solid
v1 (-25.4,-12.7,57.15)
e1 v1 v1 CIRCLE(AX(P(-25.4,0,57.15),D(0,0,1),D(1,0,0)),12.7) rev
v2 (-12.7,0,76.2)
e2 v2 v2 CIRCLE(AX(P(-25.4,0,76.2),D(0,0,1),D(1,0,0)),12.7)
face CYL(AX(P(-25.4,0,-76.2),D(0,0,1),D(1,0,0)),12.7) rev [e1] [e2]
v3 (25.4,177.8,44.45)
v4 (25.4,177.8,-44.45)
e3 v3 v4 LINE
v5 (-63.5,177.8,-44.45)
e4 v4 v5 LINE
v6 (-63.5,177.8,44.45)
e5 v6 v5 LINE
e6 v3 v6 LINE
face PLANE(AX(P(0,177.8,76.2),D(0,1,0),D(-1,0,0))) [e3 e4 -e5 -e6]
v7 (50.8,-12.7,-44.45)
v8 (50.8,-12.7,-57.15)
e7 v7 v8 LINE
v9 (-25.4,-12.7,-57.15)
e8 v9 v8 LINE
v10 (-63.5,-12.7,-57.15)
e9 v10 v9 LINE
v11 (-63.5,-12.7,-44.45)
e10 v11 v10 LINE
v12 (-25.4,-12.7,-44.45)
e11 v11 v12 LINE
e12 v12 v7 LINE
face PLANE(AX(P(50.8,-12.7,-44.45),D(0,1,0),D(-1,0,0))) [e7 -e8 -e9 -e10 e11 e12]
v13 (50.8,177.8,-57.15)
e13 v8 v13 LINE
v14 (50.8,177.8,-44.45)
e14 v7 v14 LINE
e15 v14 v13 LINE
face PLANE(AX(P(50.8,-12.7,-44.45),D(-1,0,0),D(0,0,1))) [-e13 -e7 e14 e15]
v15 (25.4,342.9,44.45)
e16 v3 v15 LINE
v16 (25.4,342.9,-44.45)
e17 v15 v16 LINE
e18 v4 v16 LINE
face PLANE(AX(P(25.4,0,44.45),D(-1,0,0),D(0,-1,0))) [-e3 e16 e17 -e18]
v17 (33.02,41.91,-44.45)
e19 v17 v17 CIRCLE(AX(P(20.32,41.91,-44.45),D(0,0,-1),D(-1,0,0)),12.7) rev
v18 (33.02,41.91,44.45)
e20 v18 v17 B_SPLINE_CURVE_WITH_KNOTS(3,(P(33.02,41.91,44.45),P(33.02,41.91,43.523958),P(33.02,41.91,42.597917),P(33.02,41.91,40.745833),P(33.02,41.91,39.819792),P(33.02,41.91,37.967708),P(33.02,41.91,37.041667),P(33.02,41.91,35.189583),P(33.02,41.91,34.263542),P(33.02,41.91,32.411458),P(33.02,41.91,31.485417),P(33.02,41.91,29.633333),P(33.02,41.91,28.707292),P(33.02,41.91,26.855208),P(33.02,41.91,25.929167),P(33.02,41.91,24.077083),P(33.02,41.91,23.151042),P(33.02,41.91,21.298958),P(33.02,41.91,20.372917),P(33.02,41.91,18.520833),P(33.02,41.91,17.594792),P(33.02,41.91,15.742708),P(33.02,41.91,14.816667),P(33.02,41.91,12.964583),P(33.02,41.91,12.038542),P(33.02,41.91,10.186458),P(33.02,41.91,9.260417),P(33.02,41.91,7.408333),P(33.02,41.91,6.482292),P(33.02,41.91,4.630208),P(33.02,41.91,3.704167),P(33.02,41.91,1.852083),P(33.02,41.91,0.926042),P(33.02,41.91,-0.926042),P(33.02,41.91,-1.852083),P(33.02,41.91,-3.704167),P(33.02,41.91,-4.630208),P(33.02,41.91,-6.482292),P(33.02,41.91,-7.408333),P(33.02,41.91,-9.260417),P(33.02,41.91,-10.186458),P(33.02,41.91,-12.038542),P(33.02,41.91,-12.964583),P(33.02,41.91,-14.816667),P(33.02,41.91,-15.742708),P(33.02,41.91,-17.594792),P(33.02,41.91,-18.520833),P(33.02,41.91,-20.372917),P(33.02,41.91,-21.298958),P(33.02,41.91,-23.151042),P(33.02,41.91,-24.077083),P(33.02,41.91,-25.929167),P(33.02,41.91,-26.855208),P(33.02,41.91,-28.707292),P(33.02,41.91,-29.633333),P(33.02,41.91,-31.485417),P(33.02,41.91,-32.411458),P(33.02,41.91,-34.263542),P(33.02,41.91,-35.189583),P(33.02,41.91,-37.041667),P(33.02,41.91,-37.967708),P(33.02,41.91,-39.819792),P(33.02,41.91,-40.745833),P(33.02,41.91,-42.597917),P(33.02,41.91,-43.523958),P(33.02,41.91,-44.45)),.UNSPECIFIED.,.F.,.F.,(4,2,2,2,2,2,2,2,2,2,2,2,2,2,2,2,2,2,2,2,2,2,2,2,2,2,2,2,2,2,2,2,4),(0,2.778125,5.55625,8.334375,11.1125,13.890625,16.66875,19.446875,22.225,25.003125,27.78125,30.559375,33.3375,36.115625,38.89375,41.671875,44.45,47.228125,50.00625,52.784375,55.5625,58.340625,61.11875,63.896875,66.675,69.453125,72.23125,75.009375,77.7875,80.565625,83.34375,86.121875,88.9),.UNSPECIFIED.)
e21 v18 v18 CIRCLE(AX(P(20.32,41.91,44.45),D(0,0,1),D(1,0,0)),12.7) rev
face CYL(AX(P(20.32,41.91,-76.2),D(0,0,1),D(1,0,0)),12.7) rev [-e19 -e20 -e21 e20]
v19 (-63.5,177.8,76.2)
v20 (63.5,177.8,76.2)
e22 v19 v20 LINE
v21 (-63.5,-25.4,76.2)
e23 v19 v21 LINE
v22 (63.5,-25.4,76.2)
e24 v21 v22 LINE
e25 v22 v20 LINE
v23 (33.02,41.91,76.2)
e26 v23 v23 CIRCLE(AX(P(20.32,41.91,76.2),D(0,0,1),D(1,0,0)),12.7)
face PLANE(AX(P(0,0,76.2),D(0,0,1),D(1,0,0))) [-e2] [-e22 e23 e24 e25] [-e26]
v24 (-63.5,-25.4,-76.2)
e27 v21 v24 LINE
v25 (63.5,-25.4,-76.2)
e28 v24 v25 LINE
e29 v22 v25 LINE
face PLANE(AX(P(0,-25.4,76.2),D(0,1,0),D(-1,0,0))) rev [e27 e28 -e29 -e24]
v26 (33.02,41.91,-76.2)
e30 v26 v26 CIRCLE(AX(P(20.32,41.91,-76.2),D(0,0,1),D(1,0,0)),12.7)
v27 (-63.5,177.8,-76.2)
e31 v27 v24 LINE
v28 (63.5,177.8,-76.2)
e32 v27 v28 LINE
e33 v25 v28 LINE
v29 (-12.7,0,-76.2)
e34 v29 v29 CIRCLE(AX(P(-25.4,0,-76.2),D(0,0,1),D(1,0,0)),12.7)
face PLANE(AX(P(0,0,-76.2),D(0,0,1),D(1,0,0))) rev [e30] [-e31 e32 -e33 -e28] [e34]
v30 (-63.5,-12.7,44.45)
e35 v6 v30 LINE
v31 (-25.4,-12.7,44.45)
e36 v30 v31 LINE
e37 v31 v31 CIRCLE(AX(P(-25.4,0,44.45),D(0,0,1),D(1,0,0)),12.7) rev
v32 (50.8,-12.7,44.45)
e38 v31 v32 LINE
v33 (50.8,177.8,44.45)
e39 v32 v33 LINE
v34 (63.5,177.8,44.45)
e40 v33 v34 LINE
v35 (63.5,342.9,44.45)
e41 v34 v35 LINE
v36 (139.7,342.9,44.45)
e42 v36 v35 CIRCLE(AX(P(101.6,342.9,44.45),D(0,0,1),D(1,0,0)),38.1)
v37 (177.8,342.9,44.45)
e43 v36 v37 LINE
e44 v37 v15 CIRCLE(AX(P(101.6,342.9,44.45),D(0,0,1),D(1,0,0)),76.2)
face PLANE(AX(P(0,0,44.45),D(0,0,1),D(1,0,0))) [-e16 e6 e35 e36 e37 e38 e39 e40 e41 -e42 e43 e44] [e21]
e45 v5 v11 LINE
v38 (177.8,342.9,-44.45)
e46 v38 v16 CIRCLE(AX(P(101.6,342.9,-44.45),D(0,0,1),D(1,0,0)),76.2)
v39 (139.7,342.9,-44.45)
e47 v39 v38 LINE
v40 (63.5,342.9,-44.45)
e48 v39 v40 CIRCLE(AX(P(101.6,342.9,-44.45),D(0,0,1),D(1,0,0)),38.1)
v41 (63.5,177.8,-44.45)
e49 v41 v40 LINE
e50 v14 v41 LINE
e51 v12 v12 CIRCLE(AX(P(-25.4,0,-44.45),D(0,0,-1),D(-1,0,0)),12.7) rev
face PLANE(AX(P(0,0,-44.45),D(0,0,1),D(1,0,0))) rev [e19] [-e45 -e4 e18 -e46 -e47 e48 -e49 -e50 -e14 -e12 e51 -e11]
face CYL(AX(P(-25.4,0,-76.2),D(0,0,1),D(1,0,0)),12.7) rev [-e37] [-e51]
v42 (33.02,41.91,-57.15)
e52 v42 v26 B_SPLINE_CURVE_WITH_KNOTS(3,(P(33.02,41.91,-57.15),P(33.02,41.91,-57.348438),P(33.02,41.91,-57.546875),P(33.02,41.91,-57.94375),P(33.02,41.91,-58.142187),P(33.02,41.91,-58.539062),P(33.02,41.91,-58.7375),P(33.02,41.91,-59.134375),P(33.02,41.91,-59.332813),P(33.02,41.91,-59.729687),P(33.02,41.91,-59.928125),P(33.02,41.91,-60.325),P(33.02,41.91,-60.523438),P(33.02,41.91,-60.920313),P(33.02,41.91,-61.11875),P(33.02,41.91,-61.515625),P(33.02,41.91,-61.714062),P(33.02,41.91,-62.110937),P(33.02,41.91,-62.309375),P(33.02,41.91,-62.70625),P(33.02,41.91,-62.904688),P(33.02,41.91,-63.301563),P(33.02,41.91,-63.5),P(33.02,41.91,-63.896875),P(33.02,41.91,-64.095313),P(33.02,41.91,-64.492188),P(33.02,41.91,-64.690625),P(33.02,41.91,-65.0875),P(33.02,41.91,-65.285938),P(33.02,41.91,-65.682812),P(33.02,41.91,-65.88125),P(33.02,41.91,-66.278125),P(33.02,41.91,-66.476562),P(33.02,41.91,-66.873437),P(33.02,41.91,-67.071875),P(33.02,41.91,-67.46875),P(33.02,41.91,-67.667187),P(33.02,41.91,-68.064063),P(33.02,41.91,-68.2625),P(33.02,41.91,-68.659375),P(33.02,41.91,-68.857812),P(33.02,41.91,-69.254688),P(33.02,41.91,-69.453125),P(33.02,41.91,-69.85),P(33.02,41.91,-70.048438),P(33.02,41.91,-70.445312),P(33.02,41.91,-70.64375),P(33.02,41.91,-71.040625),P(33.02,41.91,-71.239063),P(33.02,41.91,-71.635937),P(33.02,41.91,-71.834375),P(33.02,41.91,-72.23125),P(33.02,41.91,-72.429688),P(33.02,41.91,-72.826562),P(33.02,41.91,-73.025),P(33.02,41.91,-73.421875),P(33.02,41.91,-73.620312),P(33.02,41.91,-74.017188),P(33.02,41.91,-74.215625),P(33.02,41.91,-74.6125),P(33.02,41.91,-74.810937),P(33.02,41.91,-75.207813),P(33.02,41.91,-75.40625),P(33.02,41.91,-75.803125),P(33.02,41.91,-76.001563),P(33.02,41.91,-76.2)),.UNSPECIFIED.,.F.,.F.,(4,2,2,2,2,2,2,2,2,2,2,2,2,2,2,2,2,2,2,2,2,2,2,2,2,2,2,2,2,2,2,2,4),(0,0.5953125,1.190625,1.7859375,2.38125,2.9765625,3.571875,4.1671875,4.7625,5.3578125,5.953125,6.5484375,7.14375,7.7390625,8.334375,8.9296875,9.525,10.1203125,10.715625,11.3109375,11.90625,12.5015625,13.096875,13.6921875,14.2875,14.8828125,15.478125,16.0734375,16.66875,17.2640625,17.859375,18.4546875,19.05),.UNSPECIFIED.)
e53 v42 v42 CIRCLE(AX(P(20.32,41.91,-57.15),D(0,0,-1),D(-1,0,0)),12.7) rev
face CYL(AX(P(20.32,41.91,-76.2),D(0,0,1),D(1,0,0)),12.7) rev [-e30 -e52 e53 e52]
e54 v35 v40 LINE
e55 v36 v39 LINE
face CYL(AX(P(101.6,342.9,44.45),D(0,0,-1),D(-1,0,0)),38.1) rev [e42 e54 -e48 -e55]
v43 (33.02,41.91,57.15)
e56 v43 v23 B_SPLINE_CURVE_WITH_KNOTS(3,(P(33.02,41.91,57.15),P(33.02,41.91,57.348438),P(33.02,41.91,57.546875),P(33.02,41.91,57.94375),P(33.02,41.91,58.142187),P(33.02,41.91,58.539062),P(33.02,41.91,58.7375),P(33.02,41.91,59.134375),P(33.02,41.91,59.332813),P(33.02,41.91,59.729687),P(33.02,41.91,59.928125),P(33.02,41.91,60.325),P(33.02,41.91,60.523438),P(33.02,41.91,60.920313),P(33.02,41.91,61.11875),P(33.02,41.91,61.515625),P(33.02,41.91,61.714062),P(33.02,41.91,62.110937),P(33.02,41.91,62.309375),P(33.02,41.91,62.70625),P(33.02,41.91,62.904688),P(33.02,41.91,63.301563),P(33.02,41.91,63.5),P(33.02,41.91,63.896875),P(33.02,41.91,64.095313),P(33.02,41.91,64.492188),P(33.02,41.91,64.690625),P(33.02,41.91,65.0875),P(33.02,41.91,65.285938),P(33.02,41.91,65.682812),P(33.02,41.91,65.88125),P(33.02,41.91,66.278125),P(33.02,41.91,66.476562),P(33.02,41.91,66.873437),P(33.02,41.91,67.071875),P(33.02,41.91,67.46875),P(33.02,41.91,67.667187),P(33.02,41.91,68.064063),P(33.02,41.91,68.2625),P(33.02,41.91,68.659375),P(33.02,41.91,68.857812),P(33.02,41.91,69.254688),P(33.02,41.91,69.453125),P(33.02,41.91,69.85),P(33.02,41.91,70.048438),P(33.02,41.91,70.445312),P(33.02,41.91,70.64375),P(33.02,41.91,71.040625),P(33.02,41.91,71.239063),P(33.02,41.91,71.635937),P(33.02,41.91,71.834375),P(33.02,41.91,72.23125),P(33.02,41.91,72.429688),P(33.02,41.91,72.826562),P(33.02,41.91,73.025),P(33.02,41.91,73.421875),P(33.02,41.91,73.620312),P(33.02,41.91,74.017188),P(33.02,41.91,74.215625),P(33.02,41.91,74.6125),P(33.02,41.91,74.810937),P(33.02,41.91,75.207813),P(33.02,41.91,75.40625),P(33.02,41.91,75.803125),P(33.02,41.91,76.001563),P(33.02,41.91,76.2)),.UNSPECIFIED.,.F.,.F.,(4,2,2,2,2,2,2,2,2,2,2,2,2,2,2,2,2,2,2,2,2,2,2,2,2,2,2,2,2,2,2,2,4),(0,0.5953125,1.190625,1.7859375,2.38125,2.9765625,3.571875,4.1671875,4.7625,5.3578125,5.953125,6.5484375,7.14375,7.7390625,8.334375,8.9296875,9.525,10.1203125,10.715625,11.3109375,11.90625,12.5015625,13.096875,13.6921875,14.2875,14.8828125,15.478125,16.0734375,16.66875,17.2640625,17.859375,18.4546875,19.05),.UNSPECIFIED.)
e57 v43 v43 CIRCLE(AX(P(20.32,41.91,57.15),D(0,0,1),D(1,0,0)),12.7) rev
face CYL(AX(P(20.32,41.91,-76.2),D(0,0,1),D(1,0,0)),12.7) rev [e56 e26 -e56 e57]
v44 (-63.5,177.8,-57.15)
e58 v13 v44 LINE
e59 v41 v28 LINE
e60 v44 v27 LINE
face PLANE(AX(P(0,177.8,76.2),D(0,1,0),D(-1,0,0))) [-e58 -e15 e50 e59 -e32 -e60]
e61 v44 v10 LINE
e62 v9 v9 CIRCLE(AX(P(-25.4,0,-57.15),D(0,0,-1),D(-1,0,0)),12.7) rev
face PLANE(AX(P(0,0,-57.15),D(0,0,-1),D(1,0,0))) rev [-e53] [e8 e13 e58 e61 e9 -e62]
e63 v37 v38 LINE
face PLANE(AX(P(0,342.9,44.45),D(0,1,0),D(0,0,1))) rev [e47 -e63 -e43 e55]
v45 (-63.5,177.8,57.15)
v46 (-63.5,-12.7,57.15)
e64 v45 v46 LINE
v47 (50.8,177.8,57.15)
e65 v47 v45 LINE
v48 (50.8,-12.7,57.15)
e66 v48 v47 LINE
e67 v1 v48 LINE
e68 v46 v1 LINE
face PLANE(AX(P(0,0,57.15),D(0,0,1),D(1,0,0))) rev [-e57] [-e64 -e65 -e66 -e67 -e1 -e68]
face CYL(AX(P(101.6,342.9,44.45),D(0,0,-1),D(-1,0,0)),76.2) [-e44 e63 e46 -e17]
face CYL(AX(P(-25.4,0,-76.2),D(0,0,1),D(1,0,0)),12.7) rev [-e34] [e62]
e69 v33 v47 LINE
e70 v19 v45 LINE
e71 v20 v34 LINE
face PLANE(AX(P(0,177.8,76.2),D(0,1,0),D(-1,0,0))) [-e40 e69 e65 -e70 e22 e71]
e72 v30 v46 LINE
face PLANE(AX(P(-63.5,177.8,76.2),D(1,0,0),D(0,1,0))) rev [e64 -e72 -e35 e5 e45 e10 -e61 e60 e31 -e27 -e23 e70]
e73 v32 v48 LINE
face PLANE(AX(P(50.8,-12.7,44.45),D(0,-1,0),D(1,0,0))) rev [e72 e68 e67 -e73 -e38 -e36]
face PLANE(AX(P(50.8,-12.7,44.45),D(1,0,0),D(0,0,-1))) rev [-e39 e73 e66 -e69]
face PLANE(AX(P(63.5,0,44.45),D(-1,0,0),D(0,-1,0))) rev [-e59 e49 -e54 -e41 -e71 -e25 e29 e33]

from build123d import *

# Parameters (mm, degrees)
SKETCH1_W               = 0.254
SKETCH1_H               = 25.4
SKETCH1_W_2             = 25.4
SKETCH1_H_2             = 152.4
BOSS_EXTRUDE1_DEPTH     = 76.2
SKETCH5_W               = 38.1
SKETCH5_H               = 368.3
BOSS_EXTRUDE2_DEPTH     = 44.45
SKETCH6_W               = 127
SKETCH6_H               = 203.2
BOSS_EXTRUDE3_DEPTH     = 76.2
CUT_EXTRUDE1_DEPTH      = 462.588658873
CUT_EXTRUDE1_DEPTH_BACK = 462.588658873
SKETCH7_R               = 12.7
SKETCH8_W               = 114.3
SKETCH8_H               = 190.5
CUT_EXTRUDE2_DEPTH      = 6.35


with BuildPart() as part:
    # Sketch1 → Boss-Extrude1 (new, symmetric)
    with BuildSketch(Plane.XY):
        with Locations((-25.527, 12.7)):
            Rectangle(SKETCH1_W, SKETCH1_H)
        with Locations((-12.7, 76.2)):
            Rectangle(SKETCH1_W_2, SKETCH1_H_2)
        Polygon((0, 152.4), (0, 0), (-25.4, 0), (-25.4, -25.4), (25.4, -25.4), (25.4, 177.8), (-25.4, 177.8), (-25.4, 152.4), align=None)
    extrude(amount=BOSS_EXTRUDE1_DEPTH, both=True)

    # Sketch5 → Boss-Extrude2 (add, symmetric)
    with BuildSketch(Plane.XY):
        with BuildLine():
            ThreePointArc((139.7, 342.9), (101.6, 381), (63.5, 342.9))
            Line((63.5, 342.9), (25.4, 342.9))
            ThreePointArc((25.4, 342.9), (101.6, 419.1), (177.8, 342.9))
            Line((177.8, 342.9), (139.7, 342.9))
        make_face()
        with Locations((44.45, 158.75)):
            Rectangle(SKETCH5_W, SKETCH5_H)
    extrude(amount=BOSS_EXTRUDE2_DEPTH, both=True)

    # Sketch6 → Boss-Extrude3 (add, symmetric)
    with BuildSketch(Plane.XY):
        with Locations((0, 76.2)):
            Rectangle(SKETCH6_W, SKETCH6_H)
    extrude(amount=BOSS_EXTRUDE3_DEPTH, both=True)

    # Sketch7 → Cut-Extrude1 (cut, two sides: drawn at the far end of the back side and taken through both)
    with BuildSketch(Plane.XY.offset(-CUT_EXTRUDE1_DEPTH_BACK)):
        with Locations((-25.4, 0)):
            Circle(SKETCH7_R)
        with Locations((20.32, 41.91)):
            Circle(SKETCH7_R)
    extrude(amount=CUT_EXTRUDE1_DEPTH + CUT_EXTRUDE1_DEPTH_BACK, mode=Mode.SUBTRACT)

    # Sketch8 → Cut-Extrude2 (cut, symmetric)
    with BuildSketch(Plane.XY.offset(50.8)):
        with Locations((-6.35, 82.55)):
            Rectangle(SKETCH8_W, SKETCH8_H)
    cut_extrude2 = extrude(amount=CUT_EXTRUDE2_DEPTH, both=True, mode=Mode.SUBTRACT)

    # Mirror1: Cut-Extrude2 across plane
    add(cut_extrude2.mirror(Plane.XY), mode=Mode.SUBTRACT)


solid = part.part
